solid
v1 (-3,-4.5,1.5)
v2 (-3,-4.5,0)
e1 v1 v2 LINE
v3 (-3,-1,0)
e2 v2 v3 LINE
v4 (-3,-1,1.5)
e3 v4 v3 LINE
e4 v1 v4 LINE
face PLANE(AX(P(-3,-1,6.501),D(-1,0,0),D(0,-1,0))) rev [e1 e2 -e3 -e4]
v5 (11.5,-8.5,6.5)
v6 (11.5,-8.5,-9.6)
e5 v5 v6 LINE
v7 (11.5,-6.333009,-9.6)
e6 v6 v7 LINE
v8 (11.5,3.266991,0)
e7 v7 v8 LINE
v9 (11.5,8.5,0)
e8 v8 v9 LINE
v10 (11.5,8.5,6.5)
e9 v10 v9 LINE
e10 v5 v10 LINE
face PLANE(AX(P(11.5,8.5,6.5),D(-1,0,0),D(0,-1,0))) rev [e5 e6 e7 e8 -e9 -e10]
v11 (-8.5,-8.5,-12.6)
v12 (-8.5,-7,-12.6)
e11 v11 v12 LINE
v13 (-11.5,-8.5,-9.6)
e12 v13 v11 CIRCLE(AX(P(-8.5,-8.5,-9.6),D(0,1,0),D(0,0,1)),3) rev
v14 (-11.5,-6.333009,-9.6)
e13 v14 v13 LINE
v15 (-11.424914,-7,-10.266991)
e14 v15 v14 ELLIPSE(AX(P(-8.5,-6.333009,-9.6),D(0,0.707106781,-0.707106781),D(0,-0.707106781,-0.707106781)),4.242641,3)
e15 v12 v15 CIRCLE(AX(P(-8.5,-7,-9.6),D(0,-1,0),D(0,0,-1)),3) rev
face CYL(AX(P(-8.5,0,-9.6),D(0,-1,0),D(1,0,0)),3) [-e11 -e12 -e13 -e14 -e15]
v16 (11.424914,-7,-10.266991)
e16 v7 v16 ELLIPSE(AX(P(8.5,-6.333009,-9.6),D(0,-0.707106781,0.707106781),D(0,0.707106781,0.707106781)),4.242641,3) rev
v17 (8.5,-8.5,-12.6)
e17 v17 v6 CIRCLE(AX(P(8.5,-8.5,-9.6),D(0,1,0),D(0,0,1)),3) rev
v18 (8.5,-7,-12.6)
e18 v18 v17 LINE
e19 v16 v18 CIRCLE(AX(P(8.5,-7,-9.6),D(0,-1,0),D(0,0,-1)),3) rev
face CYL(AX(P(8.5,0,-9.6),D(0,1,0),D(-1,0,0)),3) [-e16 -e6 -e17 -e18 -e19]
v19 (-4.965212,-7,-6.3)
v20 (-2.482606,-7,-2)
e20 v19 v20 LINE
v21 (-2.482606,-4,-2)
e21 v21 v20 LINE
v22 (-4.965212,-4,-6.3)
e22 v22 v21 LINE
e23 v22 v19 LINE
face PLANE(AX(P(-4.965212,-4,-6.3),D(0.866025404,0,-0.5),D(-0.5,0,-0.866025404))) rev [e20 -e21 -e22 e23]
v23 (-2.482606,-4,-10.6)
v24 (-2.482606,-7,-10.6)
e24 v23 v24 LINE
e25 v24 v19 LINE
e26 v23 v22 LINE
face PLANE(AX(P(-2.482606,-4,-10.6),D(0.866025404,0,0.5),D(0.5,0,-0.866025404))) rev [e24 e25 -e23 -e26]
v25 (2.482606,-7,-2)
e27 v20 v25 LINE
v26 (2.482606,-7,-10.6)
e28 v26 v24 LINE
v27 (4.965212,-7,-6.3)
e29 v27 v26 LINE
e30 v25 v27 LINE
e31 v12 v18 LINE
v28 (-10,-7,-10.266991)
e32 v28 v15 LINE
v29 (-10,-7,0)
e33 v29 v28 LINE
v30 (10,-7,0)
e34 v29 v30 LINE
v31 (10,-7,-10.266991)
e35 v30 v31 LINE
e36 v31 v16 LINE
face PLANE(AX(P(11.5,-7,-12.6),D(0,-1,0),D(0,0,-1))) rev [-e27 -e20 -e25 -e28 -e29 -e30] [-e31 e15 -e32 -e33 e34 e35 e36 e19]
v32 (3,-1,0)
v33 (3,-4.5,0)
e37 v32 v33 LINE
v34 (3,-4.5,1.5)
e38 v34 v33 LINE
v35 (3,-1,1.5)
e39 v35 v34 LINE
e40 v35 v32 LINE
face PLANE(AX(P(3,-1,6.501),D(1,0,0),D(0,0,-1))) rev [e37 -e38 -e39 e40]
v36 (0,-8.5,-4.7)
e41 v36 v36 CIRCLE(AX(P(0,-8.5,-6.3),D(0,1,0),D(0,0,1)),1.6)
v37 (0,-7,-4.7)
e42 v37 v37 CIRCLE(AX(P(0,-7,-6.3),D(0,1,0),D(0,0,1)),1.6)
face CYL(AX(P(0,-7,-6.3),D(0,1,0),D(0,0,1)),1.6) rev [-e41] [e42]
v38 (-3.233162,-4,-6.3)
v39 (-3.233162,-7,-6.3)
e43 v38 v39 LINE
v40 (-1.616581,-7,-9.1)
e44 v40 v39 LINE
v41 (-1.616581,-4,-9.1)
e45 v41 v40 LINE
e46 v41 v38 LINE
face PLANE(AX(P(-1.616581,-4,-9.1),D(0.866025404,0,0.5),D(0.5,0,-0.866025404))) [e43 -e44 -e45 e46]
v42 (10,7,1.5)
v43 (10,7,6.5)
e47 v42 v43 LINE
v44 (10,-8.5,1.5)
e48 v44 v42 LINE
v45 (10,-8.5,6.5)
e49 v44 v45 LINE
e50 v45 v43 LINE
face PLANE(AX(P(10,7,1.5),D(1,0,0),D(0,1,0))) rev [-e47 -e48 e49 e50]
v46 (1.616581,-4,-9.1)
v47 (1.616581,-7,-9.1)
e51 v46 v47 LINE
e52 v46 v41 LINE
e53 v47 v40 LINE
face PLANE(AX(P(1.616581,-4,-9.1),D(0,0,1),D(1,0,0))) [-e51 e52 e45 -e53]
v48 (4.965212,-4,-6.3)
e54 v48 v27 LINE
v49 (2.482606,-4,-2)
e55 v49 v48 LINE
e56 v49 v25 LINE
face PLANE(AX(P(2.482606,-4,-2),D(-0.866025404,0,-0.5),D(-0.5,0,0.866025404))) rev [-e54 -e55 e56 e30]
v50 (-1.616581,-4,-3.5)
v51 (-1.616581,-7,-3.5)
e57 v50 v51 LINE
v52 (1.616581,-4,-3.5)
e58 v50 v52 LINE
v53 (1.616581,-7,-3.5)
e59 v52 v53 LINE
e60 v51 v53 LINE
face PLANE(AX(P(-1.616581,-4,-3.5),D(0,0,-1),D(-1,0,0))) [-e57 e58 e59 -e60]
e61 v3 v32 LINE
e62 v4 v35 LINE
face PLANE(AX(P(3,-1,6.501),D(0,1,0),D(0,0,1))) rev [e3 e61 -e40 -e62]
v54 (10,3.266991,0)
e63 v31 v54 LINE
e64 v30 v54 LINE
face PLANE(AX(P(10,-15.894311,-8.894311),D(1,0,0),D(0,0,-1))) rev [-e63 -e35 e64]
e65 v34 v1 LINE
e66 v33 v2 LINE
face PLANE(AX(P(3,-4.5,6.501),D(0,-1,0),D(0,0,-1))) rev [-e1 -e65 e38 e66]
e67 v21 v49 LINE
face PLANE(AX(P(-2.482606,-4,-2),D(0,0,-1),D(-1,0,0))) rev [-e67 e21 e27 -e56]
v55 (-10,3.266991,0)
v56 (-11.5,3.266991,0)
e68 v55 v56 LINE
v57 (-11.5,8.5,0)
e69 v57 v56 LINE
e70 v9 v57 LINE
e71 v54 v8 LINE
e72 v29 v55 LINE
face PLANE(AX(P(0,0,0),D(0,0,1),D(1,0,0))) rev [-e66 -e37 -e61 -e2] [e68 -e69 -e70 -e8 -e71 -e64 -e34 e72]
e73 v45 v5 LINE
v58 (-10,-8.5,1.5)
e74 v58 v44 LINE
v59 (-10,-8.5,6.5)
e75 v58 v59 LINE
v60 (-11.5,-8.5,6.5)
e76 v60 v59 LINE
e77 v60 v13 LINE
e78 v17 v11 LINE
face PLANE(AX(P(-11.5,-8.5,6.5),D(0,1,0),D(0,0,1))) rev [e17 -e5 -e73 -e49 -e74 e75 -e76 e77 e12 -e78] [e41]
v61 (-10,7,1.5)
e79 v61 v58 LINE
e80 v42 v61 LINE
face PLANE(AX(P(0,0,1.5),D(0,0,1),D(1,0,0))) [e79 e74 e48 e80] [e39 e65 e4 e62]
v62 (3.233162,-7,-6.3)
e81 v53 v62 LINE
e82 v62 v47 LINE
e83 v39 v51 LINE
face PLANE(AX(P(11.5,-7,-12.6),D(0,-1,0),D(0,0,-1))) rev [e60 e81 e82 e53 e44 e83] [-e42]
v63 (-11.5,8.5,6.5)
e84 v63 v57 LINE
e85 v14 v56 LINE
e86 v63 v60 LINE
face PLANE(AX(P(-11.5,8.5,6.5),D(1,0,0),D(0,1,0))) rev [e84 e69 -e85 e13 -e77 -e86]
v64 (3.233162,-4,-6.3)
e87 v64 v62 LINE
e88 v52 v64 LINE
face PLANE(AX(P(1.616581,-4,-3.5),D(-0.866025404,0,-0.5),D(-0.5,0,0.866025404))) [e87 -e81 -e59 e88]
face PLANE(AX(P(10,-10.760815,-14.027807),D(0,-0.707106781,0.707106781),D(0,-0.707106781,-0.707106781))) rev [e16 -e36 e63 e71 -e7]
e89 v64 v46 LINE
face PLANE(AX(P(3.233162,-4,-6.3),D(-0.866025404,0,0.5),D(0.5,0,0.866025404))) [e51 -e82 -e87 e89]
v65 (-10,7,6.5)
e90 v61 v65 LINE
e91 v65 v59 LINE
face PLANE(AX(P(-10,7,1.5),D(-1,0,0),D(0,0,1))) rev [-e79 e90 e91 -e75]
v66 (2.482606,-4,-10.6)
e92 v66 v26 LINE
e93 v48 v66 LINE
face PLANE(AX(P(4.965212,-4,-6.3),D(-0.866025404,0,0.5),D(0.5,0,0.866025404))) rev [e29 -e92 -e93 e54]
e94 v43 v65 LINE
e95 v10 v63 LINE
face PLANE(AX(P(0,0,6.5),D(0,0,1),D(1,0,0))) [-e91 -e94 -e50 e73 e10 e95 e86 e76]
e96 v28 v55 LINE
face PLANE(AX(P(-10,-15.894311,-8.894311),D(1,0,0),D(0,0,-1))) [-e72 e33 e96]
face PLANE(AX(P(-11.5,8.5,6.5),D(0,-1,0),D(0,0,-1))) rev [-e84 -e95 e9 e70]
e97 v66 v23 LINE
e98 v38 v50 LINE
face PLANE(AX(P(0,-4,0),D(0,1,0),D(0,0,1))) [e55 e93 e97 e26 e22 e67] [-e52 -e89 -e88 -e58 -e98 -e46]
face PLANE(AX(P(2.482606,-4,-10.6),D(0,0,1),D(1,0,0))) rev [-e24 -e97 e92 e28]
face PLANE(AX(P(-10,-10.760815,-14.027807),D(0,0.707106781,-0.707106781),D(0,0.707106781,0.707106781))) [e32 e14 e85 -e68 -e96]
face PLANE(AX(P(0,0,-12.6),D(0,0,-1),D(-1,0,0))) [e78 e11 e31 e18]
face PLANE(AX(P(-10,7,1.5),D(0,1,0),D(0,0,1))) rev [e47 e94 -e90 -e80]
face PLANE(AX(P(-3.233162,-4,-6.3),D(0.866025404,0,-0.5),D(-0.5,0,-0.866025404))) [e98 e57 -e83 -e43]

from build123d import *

# Parameters (mm, degrees)
SKETCH_1_W                  = 23
SKETCH_1_H                  = 17
EXTRUDE_1_DEPTH             = 6.5
SKETCH_2_W                  = 20
SKETCH_2_H                  = 15.5
CUT_EXTRUDE_1_DEPTH         = 5
SKETCH_3_W                  = 23
SKETCH_3_H                  = 1.5
EXTRUDE_2_DEPTH             = 12.6
EXTRUDE_3_DEPTH             = 3
EXTRUDE_6_REACH             = 21.397
SKETCH_7_W                  = 1.5
SKETCH_7_H                  = 7.259859141
EXTRUDE_6_DIRECTION_2_REACH = 21.397
HOLE_WIZARD_M3_1_D          = 3.2
FILLET_1_R                  = 3
CUT_EXTRUDE_2_REACH         = 21.059
SKETCH_10_W                 = 6
SKETCH_10_H                 = 3.5


with BuildPart() as part:
    # 草图1 → 凸台-拉伸1 (new body)
    with BuildSketch(Plane.XY):
        Rectangle(SKETCH_1_W, SKETCH_1_H)
    extrude(amount=EXTRUDE_1_DEPTH)

    # 草图2 → 切除-拉伸1 (cut)
    with BuildSketch(Plane.XY.offset(6.5)):
        with Locations((0, -0.75)):
            Rectangle(SKETCH_2_W, SKETCH_2_H)
    extrude(amount=-CUT_EXTRUDE_1_DEPTH, mode=Mode.SUBTRACT)

    # 草图3 → 凸台-拉伸2 (add)
    with BuildSketch(Plane(origin=(0, 0, 0), x_dir=(-1, 0, 0), z_dir=(0, 0, -1))):
        with Locations((0, -7.75)):
            Rectangle(SKETCH_3_W, SKETCH_3_H)
    extrude(amount=EXTRUDE_2_DEPTH)

    # 草图4 → 凸台-拉伸3 (add)
    with BuildSketch(Plane(origin=(0, -7, 0), x_dir=(1, 0, 0), z_dir=(0, 1, 0))):
        Polygon((4.965212315, 6.3), (2.482606158, 10.6), (-2.482606158, 10.6), (-4.965212315, 6.3), (-2.482606158, 2), (2.482606158, 2), align=None)
        Polygon((3.233161507, 6.3), (1.616580754, 9.1), (-1.616580754, 9.1), (-3.233161507, 6.3), (-1.616580754, 3.5), (1.616580754, 3.5), align=None, mode=Mode.SUBTRACT)
    extrude(amount=EXTRUDE_3_DEPTH)

    # 凸台-拉伸6: up to this face of the body (flat: up to its plane)
    extrude_6_end = Plane(part.part.faces().sort_by_distance((0, -7, -6.3))[0])
    # 草图7 → 凸台-拉伸6 (add, up to the picked face)
    with BuildSketch(Plane(origin=(0, -3.5, -3.5), x_dir=(-1, 0, 0), z_dir=(0, -0.7071067811865475, -0.7071067811865477)), mode=Mode.PRIVATE) as extrude_6_sk1:
        with Locations((-10.75, -1.319817897)):
            Rectangle(SKETCH_7_W, SKETCH_7_H)
    extrude_6_tool1 = split(extrude(extrude_6_sk1.sketch, amount=EXTRUDE_6_REACH, mode=Mode.PRIVATE), bisect_by=extrude_6_end, keep=Keep.BOTH, mode=Mode.PRIVATE)
    extrude_6 = extrude_6_tool1.solids().sort_by(Axis((10.75, -4.433252, -2.566748), (0, -0.7071067811865475, -0.7071067811865477)))[0]
    add(extrude_6)

    # 凸台-拉伸6 direction 2: up to this face of the body (flat: up to its plane)
    extrude_6_direction_2_end = Plane(part.part.faces().sort_by_distance((0, 0.75, 0))[0])
    # 草图7 → 凸台-拉伸6 direction 2 (add, up to the picked face)
    with BuildSketch(Plane(origin=(0, -3.5, -3.5), x_dir=(-1, 0, 0), z_dir=(0, -0.7071067811865475, -0.7071067811865477)), mode=Mode.PRIVATE) as extrude_6_direction_2_sk1:
        with Locations((-10.75, -1.319817897)):
            Rectangle(SKETCH_7_W, SKETCH_7_H)
    extrude_6_direction_2_tool1 = split(extrude(extrude_6_direction_2_sk1.sketch, amount=-EXTRUDE_6_DIRECTION_2_REACH, mode=Mode.PRIVATE), bisect_by=extrude_6_direction_2_end, keep=Keep.BOTH, mode=Mode.PRIVATE)
    extrude_6_direction_2 = extrude_6_direction_2_tool1.solids().sort_by(Axis((10.75, -4.433252, -2.566748), (0, 0.7071067811865475, 0.7071067811865477)))[0]
    add(extrude_6_direction_2)

    # 镜向1: 凸台-拉伸6, 凸台-拉伸6 direction 2 across plane
    add(extrude_6.mirror(Plane(origin=(0, 0, 0), x_dir=(0, 0, 1), z_dir=(1, 0, 0))))
    add(extrude_6_direction_2.mirror(Plane(origin=(0, 0, 0), x_dir=(0, 0, 1), z_dir=(1, 0, 0))))

    # M3 间隙孔1 (through all)
    with Locations(Plane(origin=(0, -7, 0), x_dir=(1, 0, 0), z_dir=(0, 1, 0))):
        with Locations((0, 6.3)):
            Hole(HOLE_WIZARD_M3_1_D / 2)

    # 圆角1
    fillet_1_edges = [part.edges().sort_by_distance(p)[0] for p in [
        (-11.5, -7.75, -12.6),
        (11.5, -7.75, -12.6),
    ]]
    fillet(fillet_1_edges, radius=FILLET_1_R)

    # 草图10 → 切除-拉伸2 (cut, up to next)
    with BuildSketch(Plane(origin=(0, 0, 0), x_dir=(-1, 0, 0), z_dir=(0, 0, -1)), mode=Mode.PRIVATE) as cut_extrude_2_sk1:
        with Locations((0, -2.75)):
            Rectangle(SKETCH_10_W, SKETCH_10_H)
    cut_extrude_2_tool1 = extrude(cut_extrude_2_sk1.sketch, amount=-CUT_EXTRUDE_2_REACH, mode=Mode.PRIVATE) & part.part
    add(cut_extrude_2_tool1.solids().sort_by_distance((0, -2.75, 0))[0], mode=Mode.SUBTRACT)


solid = part.part
